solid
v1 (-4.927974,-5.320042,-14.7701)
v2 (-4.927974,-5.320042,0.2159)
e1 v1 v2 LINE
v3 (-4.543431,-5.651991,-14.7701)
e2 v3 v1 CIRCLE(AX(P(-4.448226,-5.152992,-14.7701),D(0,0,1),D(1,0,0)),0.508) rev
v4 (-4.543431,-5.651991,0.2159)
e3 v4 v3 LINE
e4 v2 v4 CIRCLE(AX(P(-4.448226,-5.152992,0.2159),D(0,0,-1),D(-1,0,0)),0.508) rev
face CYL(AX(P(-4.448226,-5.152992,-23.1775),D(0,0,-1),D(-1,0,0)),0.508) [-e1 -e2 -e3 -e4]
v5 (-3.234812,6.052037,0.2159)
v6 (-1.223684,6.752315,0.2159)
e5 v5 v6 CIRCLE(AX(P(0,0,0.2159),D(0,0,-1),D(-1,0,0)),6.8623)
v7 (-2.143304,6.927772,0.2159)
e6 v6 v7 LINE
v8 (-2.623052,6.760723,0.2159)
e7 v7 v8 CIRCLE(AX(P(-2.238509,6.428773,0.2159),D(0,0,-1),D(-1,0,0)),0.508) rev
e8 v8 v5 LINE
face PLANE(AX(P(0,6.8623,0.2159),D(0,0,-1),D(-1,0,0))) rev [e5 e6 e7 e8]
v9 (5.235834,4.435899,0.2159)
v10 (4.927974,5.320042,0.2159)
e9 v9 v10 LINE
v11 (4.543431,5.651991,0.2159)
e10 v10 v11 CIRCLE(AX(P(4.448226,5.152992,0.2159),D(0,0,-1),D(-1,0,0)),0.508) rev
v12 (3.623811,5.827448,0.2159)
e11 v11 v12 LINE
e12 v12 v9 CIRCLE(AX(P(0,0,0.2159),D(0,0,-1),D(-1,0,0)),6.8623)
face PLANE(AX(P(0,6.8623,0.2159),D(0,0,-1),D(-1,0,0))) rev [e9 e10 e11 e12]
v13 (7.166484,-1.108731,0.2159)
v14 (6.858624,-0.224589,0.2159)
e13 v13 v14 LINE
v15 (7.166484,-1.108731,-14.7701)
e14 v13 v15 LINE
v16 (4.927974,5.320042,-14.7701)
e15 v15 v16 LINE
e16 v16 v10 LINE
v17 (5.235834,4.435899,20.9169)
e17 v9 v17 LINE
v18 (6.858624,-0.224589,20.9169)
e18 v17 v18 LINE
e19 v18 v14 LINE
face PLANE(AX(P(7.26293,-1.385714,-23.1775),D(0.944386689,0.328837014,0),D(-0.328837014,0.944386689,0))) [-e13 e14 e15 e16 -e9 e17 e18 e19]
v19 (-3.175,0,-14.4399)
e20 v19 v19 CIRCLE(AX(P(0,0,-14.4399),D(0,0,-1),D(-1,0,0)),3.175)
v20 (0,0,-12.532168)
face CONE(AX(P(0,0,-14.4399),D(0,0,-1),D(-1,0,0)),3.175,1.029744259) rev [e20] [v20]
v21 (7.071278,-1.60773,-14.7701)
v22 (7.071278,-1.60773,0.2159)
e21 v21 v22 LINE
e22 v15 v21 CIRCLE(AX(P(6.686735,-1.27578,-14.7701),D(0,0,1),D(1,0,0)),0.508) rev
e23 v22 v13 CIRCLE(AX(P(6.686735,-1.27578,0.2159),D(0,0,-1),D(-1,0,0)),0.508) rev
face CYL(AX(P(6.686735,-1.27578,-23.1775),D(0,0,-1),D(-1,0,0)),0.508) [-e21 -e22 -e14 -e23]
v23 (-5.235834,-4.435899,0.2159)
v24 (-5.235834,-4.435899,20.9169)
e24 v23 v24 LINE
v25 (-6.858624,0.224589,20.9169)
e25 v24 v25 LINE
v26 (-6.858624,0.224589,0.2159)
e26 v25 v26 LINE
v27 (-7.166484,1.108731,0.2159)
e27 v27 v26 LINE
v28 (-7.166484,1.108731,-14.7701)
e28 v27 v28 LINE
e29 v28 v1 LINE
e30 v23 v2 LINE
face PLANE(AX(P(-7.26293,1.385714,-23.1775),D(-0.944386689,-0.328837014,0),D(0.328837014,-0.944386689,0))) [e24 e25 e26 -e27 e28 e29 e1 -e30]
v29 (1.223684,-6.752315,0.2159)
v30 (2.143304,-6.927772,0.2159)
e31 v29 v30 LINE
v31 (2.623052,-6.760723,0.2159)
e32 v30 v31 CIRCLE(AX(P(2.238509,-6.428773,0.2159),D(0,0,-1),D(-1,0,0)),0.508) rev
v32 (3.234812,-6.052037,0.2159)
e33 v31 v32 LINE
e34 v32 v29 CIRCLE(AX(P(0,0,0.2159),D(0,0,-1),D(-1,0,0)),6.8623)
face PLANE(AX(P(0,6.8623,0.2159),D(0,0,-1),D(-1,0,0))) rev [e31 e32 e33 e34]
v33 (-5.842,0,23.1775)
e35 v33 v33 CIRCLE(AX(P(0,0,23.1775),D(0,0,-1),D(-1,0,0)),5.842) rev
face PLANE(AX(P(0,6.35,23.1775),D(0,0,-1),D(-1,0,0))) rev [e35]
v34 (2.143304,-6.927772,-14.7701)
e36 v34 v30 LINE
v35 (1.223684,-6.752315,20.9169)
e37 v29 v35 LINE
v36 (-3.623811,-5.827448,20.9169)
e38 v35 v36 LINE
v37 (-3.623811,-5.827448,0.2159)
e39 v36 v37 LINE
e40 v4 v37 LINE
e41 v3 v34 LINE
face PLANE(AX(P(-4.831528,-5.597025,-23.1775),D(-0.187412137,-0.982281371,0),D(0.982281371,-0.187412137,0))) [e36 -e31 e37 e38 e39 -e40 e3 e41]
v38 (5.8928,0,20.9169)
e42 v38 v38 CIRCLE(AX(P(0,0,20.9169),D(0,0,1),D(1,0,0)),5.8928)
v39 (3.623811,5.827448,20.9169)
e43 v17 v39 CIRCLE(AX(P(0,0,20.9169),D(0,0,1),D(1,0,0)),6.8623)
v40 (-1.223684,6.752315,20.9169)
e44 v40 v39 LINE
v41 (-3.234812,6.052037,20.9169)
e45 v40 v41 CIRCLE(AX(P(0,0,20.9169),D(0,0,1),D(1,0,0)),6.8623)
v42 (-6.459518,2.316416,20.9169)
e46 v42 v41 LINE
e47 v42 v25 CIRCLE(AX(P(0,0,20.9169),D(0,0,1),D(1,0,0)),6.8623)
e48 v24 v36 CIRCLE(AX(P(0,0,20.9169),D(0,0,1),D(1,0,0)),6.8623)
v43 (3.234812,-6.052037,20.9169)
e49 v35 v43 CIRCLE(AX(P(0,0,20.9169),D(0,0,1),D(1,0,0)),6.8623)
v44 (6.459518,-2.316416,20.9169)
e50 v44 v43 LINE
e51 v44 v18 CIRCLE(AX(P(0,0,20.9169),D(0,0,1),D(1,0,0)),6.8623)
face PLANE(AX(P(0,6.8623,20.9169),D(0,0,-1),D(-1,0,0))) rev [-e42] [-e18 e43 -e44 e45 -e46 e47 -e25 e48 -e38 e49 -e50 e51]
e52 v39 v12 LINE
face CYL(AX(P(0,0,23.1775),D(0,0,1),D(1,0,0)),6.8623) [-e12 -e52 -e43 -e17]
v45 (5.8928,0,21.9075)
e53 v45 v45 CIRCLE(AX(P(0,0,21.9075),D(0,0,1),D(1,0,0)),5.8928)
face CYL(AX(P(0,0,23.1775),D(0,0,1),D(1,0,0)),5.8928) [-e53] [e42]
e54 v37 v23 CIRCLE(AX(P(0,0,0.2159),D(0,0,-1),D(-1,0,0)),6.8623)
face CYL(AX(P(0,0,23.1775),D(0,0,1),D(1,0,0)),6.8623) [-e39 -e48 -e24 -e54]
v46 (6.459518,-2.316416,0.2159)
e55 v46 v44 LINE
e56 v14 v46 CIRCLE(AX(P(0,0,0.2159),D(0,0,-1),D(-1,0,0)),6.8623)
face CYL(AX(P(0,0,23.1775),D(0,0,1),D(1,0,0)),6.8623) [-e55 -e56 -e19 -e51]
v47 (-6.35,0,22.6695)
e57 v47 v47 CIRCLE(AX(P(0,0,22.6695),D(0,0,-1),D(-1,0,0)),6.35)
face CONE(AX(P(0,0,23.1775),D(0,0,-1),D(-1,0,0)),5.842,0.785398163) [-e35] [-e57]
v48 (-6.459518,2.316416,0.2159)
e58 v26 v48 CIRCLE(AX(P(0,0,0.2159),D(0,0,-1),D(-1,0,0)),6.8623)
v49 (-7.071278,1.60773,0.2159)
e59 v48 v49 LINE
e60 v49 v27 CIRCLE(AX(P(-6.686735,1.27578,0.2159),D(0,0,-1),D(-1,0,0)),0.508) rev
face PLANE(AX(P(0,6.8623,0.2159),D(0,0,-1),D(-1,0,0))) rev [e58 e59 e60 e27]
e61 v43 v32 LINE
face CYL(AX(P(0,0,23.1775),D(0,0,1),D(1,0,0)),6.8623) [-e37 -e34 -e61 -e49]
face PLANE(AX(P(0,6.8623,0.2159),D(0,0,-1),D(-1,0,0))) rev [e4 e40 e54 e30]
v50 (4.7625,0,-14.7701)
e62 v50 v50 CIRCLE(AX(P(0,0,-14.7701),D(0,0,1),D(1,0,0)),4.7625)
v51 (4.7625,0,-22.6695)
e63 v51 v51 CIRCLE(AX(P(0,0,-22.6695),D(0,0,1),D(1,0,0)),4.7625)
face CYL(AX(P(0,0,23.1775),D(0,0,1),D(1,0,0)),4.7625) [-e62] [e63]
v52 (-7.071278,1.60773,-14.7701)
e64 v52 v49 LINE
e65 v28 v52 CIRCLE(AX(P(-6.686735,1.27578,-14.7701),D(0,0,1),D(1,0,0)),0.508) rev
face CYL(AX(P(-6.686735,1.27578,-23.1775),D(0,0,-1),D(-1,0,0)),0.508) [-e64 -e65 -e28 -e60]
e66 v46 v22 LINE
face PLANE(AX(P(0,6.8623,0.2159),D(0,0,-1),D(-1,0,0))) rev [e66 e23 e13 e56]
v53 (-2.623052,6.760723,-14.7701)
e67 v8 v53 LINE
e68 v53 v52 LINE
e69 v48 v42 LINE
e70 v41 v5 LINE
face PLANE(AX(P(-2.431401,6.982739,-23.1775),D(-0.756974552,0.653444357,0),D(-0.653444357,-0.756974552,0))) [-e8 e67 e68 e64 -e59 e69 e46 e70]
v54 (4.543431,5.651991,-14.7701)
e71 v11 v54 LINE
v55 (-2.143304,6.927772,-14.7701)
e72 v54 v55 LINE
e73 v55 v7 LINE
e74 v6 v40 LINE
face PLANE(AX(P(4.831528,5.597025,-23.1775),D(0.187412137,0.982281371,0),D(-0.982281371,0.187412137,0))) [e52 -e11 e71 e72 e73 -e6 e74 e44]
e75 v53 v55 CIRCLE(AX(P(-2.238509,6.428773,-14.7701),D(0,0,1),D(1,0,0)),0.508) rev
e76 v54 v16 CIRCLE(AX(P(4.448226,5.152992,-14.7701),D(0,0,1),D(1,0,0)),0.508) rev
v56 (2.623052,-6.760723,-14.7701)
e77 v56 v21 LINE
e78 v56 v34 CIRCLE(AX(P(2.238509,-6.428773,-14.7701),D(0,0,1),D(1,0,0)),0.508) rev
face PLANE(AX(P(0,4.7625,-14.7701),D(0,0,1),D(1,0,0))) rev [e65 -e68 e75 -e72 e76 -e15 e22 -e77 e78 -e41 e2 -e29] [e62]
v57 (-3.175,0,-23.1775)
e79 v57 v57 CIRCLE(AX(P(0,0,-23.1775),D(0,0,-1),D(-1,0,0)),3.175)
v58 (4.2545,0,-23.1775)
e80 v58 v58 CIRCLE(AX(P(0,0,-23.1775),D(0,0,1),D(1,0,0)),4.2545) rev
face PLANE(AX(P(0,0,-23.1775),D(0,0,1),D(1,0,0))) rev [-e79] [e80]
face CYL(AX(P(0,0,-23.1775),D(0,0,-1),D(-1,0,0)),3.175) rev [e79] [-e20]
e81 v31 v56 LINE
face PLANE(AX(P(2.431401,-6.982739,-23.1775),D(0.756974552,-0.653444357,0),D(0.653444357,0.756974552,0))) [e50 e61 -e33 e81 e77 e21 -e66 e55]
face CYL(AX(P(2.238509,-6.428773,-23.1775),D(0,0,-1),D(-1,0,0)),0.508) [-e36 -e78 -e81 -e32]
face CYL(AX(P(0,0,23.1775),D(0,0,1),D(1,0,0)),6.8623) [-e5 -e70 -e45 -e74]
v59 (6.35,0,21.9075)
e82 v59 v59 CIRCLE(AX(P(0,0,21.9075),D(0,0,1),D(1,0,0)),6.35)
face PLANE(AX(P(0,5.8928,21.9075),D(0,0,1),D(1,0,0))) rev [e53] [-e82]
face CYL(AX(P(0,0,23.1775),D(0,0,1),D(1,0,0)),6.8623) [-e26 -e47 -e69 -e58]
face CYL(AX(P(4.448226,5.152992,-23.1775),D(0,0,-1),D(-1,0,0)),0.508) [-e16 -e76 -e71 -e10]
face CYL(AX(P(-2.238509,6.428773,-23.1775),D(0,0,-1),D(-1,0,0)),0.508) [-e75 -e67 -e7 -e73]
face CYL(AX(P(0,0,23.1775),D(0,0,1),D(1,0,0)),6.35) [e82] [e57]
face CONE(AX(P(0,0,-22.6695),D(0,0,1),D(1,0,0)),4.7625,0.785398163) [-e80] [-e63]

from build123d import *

# Parameters (mm, degrees)
SKETCH3_OUTSIDE_W               = 25.774
SKETCH3_OUTSIDE_H               = 25.774
CUT_EXTRUDE1_DEPTH              = 48.359986768
F_1_4_0_25_DIAMETER_HOLE1_D     = 6.35
F_1_4_0_25_DIAMETER_HOLE1_DEPTH = 8.7376
F_1_4_0_25_DIAMETER_HOLE1_TIP   = 1.907732465
CHAMFER1_SIZE                   = 0.508
BOSS_EXTRUDE1_START             = -14.986
SKETCH7_R                       = 3.175
BOSS_EXTRUDE1_DEPTH             = 14.986
FILLET1_R                       = 0.508


with BuildPart() as part:
    # Sketch2 → Revolve1 (revolve)
    with BuildSketch(Plane(origin=(0, 0, 0), x_dir=(0, 0, -1), z_dir=(1, 0, 0)), mode=Mode.PRIVATE) as revolve1_sk:
        Polygon((-23.1775, 0), (23.1775, 0), (23.1775, 4.7625), (22.6695, 4.7625), (14.7701, 4.7625), (14.7701, 6.862299966), (-20.9169, 6.862299966), (-20.9169, 5.8928), (-21.9075, 5.8928), (-21.9075, 6.35), (-23.1775, 6.35), align=None)
    revolve(revolve1_sk.sketch.rotate(Axis((0, 0, 23.1775), (0, 0, -1)), 90), axis=Axis((0, 0, 23.1775), (0, 0, -1)))

    # Sketch3 outside → Cut-Extrude1 (cut, through all)
    with BuildSketch(Plane.XY.offset(23.1775)):
        Rectangle(SKETCH3_OUTSIDE_W, SKETCH3_OUTSIDE_H)
        Polygon((7.26292966, -1.38571412), (4.83152846, 5.597024532), (-2.4314012, 6.982738652), (-7.26292966, 1.38571412), (-4.83152846, -5.597024532), (2.4314012, -6.982738652), align=None, mode=Mode.SUBTRACT)
    extrude(amount=-CUT_EXTRUDE1_DEPTH, mode=Mode.SUBTRACT)

    # 1/4 (0.25) Diameter Hole1
    with Locations(Plane(origin=(0, 0, -23.1775), x_dir=(-1, 0, 0), z_dir=(0, 0, -1))):
        with Locations((0, 0)):
            Hole(F_1_4_0_25_DIAMETER_HOLE1_D / 2, depth=F_1_4_0_25_DIAMETER_HOLE1_DEPTH)
            with Locations((0, 0, -(F_1_4_0_25_DIAMETER_HOLE1_DEPTH + F_1_4_0_25_DIAMETER_HOLE1_TIP / 2))):  # 118° drill point
                Cone(0, F_1_4_0_25_DIAMETER_HOLE1_D / 2, F_1_4_0_25_DIAMETER_HOLE1_TIP, mode=Mode.SUBTRACT)

    # Chamfer1
    chamfer1_edges = [part.edges().sort_by_distance(p)[0] for p in [
        (-4.7625, 0, -23.1775),
        (-6.35, 0, 23.1775),
    ]]
    chamfer(chamfer1_edges, length=CHAMFER1_SIZE)

    # Sketch7 → Boss-Extrude1 (add)
    with BuildSketch(Plane(origin=(0, 0, -14.7701), x_dir=(-1, 0, 0), z_dir=(0, 0, -1)).offset(BOSS_EXTRUDE1_START)):
        Polygon((-4.83152846, 5.597024532), (-7.26292966, -1.38571412), (-2.4314012, -6.982738652), (4.83152846, -5.597024532), (7.26292966, 1.38571412), (2.4314012, 6.982738652), align=None)
        Circle(SKETCH7_R, mode=Mode.SUBTRACT)
    extrude(amount=BOSS_EXTRUDE1_DEPTH)

    # Fillet1
    fillet1_edges = [part.edges().sort_by_distance(p)[0] for p in [
        (2.4314012, -6.982738652, -7.2771),
        (-4.83152846, -5.597024532, -7.2771),
        (-7.26292966, 1.38571412, -7.2771),
        (-2.4314012, 6.982738652, -7.2771),
        (7.26292966, -1.38571412, -7.2771),
        (4.83152846, 5.597024532, -7.2771),
    ]]
    fillet(fillet1_edges, radius=FILLET1_R)


solid = part.part
